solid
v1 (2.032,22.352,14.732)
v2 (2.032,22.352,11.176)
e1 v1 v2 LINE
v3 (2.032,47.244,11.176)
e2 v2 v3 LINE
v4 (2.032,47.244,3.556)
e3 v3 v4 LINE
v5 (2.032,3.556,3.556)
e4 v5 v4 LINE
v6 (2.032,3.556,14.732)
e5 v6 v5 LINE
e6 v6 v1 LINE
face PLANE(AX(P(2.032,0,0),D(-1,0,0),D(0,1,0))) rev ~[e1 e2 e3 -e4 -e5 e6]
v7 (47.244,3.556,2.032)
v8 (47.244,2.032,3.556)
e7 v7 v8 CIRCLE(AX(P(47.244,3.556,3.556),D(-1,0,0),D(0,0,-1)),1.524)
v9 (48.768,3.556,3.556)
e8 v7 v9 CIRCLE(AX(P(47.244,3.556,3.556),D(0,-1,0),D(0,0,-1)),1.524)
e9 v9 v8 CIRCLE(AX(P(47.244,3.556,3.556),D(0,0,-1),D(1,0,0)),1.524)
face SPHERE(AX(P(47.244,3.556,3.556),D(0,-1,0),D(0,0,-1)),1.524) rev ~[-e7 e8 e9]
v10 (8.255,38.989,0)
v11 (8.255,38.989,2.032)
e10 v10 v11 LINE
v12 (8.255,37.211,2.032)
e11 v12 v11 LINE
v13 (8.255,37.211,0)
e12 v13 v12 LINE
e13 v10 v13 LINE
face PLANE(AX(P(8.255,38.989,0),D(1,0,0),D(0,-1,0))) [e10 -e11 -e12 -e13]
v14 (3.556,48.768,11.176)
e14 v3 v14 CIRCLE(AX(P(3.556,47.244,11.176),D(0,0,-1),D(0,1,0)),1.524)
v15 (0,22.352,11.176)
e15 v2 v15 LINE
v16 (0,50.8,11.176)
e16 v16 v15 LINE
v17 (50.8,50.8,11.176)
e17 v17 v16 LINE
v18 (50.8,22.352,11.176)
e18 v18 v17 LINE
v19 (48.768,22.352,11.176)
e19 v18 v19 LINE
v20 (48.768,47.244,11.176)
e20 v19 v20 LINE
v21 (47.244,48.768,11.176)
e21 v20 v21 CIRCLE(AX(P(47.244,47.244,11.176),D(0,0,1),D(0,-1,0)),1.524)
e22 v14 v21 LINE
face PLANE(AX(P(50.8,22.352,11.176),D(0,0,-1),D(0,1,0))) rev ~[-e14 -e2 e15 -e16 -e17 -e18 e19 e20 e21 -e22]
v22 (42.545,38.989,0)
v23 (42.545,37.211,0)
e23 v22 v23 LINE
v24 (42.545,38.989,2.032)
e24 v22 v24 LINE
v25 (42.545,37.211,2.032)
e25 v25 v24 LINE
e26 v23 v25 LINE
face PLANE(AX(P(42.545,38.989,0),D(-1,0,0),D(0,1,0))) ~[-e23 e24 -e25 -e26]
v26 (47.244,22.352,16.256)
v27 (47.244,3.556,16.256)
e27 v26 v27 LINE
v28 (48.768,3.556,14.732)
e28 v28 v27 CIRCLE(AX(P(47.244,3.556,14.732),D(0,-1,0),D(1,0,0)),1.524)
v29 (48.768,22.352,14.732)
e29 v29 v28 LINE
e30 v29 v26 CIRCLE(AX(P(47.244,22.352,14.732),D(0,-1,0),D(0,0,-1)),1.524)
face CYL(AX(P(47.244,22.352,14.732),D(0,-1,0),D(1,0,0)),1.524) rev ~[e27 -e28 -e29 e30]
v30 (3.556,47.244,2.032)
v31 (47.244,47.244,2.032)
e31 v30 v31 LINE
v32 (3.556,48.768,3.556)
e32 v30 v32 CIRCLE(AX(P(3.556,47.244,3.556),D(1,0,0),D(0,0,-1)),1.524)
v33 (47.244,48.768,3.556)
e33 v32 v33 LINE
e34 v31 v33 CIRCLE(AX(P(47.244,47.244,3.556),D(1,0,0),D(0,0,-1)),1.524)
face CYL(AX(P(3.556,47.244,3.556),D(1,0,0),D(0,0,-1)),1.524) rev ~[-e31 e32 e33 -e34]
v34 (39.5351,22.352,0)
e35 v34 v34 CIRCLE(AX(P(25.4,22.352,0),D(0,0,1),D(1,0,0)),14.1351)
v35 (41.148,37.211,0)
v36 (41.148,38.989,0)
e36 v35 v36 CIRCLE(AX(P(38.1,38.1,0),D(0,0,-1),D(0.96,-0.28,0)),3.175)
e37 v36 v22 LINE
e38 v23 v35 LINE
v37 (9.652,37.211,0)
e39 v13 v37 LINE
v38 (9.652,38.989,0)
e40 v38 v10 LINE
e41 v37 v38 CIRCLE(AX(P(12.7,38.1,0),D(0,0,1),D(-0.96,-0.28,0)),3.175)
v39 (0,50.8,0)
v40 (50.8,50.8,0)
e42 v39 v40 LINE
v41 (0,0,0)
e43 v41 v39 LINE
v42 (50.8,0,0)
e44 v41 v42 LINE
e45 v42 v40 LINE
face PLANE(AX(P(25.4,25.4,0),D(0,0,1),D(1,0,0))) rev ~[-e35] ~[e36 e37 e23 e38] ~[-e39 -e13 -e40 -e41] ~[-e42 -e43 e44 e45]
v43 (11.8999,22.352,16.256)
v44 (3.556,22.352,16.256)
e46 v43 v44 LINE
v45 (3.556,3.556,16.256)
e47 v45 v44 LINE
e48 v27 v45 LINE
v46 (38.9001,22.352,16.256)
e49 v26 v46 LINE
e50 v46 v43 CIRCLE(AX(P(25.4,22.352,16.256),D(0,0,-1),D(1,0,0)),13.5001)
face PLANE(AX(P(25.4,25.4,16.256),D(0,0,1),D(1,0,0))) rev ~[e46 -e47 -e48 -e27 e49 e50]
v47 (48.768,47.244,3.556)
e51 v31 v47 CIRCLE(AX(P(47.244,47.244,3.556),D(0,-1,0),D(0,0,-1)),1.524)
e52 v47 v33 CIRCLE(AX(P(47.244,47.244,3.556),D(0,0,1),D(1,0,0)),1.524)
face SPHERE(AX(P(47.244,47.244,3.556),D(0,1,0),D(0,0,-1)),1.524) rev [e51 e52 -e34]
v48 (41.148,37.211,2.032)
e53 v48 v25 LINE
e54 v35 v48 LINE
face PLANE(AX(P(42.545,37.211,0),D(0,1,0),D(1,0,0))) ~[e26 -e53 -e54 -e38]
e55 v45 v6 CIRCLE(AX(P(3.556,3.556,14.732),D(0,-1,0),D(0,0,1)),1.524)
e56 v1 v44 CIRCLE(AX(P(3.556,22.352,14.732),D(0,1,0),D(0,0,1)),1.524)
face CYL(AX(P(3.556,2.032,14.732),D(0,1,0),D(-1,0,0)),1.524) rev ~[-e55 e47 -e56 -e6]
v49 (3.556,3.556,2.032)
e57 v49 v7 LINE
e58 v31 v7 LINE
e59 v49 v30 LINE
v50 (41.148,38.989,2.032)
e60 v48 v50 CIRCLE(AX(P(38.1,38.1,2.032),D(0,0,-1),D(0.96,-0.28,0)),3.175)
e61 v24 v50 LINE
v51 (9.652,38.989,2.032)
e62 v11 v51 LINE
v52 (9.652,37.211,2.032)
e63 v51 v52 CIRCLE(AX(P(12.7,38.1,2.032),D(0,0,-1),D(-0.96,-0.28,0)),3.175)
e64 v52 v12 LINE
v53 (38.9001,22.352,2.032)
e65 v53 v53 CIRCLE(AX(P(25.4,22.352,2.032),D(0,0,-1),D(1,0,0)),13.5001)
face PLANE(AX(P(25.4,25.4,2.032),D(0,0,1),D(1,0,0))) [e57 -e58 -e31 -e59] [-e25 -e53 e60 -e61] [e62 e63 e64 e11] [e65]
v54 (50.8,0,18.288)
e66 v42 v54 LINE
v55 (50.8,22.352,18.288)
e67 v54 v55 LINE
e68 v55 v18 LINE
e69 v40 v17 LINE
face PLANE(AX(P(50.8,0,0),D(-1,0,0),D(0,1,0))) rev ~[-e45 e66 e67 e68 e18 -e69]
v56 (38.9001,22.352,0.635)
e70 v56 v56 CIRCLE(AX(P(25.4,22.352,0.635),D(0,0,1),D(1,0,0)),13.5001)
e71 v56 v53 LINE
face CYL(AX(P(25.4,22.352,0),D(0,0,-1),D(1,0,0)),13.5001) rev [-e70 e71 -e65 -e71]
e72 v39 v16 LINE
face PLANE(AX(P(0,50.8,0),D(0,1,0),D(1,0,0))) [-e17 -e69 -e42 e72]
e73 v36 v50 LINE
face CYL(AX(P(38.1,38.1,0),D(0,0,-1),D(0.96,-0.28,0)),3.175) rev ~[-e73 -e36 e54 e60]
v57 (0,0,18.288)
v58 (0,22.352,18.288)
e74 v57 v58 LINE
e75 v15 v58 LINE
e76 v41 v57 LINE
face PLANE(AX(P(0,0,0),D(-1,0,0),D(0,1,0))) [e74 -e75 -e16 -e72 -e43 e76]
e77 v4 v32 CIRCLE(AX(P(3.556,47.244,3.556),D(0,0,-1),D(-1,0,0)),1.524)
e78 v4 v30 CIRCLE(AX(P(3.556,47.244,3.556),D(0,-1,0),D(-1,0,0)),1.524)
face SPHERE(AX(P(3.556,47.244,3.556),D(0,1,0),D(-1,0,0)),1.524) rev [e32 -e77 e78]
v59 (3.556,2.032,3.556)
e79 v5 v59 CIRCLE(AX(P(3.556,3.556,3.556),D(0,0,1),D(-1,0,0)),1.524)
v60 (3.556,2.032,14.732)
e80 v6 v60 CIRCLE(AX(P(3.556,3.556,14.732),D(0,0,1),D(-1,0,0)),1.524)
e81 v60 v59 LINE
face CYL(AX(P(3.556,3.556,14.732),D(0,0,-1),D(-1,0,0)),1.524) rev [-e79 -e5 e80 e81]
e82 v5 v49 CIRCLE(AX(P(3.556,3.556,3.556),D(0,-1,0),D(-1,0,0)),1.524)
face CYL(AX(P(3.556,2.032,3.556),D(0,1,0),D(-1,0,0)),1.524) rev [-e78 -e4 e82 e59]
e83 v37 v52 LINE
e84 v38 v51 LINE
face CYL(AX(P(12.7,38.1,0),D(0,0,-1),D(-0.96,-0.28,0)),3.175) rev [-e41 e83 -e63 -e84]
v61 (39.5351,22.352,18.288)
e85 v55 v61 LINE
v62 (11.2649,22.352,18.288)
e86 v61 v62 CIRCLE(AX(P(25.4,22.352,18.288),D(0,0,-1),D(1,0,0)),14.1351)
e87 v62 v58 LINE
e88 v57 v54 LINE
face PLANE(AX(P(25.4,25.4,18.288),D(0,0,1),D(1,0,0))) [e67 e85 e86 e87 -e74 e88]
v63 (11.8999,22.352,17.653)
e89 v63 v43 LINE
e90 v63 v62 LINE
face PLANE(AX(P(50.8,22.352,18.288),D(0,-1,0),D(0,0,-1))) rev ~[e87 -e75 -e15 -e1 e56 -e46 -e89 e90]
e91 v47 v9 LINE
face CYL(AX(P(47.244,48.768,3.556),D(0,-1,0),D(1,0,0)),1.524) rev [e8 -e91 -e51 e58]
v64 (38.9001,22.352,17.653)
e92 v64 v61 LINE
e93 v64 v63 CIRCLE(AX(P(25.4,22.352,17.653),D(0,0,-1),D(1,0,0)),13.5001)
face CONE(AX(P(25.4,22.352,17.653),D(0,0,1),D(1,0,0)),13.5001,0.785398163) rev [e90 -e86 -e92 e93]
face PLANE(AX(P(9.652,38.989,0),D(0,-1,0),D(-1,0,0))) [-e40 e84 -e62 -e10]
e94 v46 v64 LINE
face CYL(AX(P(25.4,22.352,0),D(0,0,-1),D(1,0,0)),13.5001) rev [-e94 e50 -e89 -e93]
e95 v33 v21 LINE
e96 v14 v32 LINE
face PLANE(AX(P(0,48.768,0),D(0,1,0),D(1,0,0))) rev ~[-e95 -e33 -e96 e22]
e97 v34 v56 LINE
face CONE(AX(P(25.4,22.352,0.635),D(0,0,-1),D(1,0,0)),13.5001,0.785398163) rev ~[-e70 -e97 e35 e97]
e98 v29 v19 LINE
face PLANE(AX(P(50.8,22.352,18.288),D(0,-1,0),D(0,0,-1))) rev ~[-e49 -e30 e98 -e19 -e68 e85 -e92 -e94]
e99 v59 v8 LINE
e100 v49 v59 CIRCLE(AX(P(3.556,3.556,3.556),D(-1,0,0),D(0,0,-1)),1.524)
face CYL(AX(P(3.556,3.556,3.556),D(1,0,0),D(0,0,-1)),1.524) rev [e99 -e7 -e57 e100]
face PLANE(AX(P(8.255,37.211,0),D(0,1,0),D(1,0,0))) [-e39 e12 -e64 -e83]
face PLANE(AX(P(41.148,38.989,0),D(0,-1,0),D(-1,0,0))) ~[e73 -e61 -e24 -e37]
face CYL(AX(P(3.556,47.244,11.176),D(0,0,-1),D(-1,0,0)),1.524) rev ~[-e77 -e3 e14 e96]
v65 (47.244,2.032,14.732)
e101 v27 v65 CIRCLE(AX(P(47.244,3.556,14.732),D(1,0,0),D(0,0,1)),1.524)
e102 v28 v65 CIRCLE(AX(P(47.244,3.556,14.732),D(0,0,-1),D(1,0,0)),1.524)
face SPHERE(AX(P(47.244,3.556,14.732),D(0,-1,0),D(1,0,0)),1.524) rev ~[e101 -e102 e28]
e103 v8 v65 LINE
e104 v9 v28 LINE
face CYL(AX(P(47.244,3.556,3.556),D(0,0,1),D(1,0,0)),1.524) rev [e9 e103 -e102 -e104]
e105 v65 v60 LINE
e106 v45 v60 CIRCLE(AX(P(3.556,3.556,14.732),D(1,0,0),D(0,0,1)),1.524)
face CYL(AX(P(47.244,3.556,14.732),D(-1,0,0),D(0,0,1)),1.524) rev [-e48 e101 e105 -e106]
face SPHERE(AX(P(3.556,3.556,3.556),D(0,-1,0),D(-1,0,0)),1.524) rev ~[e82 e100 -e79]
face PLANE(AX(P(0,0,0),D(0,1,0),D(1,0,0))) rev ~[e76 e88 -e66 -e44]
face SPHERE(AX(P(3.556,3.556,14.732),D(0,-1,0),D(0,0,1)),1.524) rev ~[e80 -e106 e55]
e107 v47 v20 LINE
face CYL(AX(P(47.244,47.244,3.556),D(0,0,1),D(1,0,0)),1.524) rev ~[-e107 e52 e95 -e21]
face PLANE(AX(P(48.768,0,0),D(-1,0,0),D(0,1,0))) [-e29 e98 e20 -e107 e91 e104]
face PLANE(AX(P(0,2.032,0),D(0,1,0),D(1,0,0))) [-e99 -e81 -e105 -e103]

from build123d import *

# Parameters (mm, degrees)
SKETCH1_W          = 50.8
SKETCH1_H          = 50.8
MAIN_BODY_DEPTH    = 18.288
SKETCH2_W          = 7.112
SKETCH2_H          = 28.448
FRONT_CUT_DEPTH    = 75.133197314
SHELL1_T           = -2.032
SKETCH3_R          = 13.5001
CENTER_HOLE_DEPTH  = 75.133197314
FILL060_VERT_R     = 1.524
FILL060_TB_R       = 1.524
CHAM025_SIZE       = 0.635
KEYED_HOLE_1_DEPTH = 60.460200948


with BuildPart() as part:
    # Sketch1 → main body (new body)
    with BuildSketch(Plane.XY):
        with Locations((25.4, 25.4)):
            Rectangle(SKETCH1_W, SKETCH1_H)
    extrude(amount=MAIN_BODY_DEPTH)

    # Sketch2 → front cut (cut, through all)
    with BuildSketch(Plane(origin=(50.8, 0, 0), x_dir=(0, 0, -1), z_dir=(1, 0, 0))):
        with Locations((-14.732, 36.576)):
            Rectangle(SKETCH2_W, SKETCH2_H)
    extrude(amount=-FRONT_CUT_DEPTH, mode=Mode.SUBTRACT)

    # Shell1
    shell1_openings = [part.faces().sort_by_distance(p)[0] for p in [
        (25.4, 36.576, 11.176),
        (25.4, 22.352, 14.732),
    ]]
    offset(amount=SHELL1_T, openings=shell1_openings, kind=Kind.INTERSECTION)

    # Sketch3 → center hole (cut, through all)
    with BuildSketch(Plane.XY):
        with Locations((25.4, 22.352)):
            Circle(SKETCH3_R)
    extrude(amount=CENTER_HOLE_DEPTH, mode=Mode.SUBTRACT)

    # fill060.vert
    fill060_vert_edges = [part.edges().sort_by_distance(p)[0] for p in [
        (2.032, 12.192, 16.256),
        (48.768, 12.192, 16.256),
        (2.032, 25.4, 2.032),
        (48.768, 25.4, 2.032),
    ]]
    fillet(fill060_vert_edges, radius=FILL060_VERT_R)

    # fill060.tb
    fill060_tb_edges = [part.edges().sort_by_distance(p)[0] for p in [
        (2.032, 48.768, 7.366),
        (48.768, 48.768, 7.366),
        (25.4, 2.032, 16.256),
        (25.4, 2.032, 2.032),
        (2.032, 2.032, 9.144),
        (48.768, 2.032, 9.144),
        (2.478369265, 2.032, 15.809630735),
        (2.478369265, 2.032, 2.478369265),
        (48.321630735, 2.032, 2.478369265),
        (48.321630735, 2.032, 15.809630735),
        (25.4, 48.768, 2.032),
        (2.478369265, 48.768, 2.478369265),
        (48.321630735, 48.768, 2.478369265),
    ]]
    fillet(fill060_tb_edges, radius=FILL060_TB_R)

    # cham025
    cham025_edges = [part.edges().sort_by_distance(p)[0] for p in [
        (11.8999, 22.352, 0),
        (25.4, 8.8519, 18.288),
    ]]
    chamfer(cham025_edges, length=CHAM025_SIZE)

    # Sketch6 → Keyed Hole 1 (cut, through all)
    with BuildSketch(Plane(origin=(10.255789697, 39.461773448, 0), x_dir=(-1, 0, 0), z_dir=(0, 0, -1))):
        with BuildLine():
            Line((0.603789697, -0.472773448), (2.000789697, -0.472773448))
            Line((2.000789697, -0.472773448), (2.000789697, -2.250773448))
            Line((2.000789697, -2.250773448), (0.603789697, -2.250773448))
            ThreePointArc((0.603789697, -2.250773448), (-5.619210303, -1.361773448), (0.603789697, -0.472773448))
        make_face()
    keyed_hole_1 = extrude(amount=-KEYED_HOLE_1_DEPTH, mode=Mode.SUBTRACT)

    # Mirror 1: Keyed Hole 1 across plane
    add(keyed_hole_1.mirror(Plane(origin=(25.4, 0, 0), x_dir=(0, 0, 1), z_dir=(1, 0, 0))), mode=Mode.SUBTRACT)


solid = part.part
